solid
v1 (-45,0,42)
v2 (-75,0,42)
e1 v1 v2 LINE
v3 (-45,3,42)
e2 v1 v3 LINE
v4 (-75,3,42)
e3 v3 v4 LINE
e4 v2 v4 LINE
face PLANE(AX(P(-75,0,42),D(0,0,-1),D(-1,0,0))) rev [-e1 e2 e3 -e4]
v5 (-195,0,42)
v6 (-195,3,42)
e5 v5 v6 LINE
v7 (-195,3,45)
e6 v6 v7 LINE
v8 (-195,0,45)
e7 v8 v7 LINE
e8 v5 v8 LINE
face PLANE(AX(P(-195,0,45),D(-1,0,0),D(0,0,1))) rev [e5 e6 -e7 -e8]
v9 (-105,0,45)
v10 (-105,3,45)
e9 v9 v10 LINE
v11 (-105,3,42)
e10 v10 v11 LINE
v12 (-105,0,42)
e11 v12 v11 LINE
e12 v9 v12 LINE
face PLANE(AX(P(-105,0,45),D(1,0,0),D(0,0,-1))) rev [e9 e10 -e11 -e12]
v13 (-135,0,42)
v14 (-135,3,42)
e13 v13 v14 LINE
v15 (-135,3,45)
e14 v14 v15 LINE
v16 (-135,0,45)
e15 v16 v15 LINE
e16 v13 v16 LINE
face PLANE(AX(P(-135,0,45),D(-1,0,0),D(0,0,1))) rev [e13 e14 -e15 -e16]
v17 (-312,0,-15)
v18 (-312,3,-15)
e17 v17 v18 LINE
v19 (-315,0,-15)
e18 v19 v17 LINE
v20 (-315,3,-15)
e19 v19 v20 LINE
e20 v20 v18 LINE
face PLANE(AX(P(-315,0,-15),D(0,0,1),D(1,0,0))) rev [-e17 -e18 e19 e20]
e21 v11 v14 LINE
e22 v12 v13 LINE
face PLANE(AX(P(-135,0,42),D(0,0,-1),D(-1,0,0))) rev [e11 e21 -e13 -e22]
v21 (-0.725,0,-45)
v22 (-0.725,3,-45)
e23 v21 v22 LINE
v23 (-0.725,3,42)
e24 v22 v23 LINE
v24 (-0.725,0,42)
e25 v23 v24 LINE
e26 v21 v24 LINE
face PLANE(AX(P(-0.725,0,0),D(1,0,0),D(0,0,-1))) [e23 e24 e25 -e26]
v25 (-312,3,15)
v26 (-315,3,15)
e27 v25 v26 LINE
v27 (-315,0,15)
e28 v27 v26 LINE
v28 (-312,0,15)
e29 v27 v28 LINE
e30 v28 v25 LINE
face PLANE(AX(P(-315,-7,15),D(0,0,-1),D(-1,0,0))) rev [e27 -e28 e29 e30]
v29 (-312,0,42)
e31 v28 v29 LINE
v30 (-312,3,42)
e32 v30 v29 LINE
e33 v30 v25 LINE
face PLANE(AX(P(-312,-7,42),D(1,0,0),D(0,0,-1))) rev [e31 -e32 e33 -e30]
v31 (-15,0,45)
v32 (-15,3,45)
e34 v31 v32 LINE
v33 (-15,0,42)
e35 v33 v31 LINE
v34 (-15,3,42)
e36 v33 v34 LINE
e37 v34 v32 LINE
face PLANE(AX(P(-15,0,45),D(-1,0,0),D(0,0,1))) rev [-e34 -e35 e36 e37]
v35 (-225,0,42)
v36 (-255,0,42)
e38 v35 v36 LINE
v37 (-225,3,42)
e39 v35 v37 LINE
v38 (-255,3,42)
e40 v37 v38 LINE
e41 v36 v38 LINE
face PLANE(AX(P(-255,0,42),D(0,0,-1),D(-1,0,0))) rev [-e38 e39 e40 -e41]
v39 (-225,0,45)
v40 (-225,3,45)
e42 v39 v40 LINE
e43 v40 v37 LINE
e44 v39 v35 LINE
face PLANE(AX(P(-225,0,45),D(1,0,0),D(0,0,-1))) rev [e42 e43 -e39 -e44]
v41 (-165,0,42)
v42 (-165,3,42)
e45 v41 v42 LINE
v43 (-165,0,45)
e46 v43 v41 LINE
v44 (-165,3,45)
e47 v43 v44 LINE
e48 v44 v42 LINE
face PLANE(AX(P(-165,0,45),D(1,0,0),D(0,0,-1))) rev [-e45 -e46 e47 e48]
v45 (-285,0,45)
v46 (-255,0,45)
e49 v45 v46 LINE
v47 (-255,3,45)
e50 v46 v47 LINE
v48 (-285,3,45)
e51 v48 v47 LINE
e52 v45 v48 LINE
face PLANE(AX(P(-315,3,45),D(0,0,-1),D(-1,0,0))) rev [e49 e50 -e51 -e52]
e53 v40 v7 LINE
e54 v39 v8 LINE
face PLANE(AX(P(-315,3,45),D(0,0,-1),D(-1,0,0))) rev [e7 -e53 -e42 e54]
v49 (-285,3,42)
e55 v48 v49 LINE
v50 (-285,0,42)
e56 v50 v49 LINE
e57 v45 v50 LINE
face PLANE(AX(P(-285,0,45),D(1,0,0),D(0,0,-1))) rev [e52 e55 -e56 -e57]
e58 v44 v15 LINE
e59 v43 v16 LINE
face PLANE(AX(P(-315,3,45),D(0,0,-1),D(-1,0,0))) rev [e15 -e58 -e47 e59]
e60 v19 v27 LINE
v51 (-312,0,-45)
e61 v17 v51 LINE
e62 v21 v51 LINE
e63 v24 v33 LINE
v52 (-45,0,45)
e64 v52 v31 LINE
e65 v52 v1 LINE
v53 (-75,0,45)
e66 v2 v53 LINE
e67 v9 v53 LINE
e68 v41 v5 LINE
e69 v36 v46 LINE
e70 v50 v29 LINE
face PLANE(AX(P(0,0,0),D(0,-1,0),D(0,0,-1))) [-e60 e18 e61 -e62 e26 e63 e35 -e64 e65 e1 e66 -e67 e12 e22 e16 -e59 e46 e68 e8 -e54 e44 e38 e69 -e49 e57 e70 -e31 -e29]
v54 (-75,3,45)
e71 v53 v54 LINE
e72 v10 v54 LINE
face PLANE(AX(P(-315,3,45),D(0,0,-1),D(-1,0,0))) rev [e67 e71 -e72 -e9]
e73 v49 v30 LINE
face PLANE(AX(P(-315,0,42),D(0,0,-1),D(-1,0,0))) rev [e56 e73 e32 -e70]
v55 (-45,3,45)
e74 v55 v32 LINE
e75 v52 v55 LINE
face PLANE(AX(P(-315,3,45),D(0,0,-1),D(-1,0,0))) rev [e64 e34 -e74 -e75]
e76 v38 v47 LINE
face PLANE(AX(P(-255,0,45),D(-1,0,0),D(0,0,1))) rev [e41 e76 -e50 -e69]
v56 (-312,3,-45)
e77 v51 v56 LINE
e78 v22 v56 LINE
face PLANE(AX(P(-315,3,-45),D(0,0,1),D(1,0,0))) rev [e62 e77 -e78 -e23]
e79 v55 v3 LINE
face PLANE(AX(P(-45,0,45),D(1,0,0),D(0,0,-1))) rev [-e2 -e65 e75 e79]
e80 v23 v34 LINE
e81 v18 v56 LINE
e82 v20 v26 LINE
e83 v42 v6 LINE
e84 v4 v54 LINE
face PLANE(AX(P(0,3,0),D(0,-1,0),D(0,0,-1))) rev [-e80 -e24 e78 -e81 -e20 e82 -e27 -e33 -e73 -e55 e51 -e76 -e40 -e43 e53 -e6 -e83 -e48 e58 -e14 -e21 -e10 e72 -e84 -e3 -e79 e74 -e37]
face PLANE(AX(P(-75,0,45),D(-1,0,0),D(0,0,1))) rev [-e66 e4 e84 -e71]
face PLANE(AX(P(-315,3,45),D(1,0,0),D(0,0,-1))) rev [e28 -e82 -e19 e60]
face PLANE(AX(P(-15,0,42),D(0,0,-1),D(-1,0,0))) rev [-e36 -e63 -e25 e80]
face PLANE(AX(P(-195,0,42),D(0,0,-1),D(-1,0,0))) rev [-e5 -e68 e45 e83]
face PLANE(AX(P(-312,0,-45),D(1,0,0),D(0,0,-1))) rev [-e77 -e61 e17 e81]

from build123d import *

# Parameters (mm, degrees)
SKETCH1_W           = 630
SKETCH1_H           = 90
BOSS_EXTRUDE1_DEPTH = 3
SKETCH3_W           = 30
SKETCH3_H           = 3
CUT_EXTRUDE1_DEPTH  = 3
LPATTERN1_COUNT     = 10
LPATTERN1_PITCH     = 60
LPATTERN1_COL_COUNT = 2
LPATTERN1_COL_PITCH = 60
SKETCH7_W           = 3
SKETCH7_H           = 30
CUT_EXTRUDE3_DEPTH  = 3
SKETCH13_W          = 3
SKETCH13_H          = 27
CUT_EXTRUDE4_DEPTH  = 10


with BuildPart() as part:
    # Sketch1 → Boss-Extrude1 (new body)
    with BuildSketch(Plane(origin=(0, 0, 0), x_dir=(1, 0, 0), z_dir=(0, 1, 0))):
        Rectangle(SKETCH1_W, SKETCH1_H)
    extrude(amount=BOSS_EXTRUDE1_DEPTH)

    # Sketch3 → Cut-Extrude1 (cut)
    with BuildSketch(Plane(origin=(0, 3, 0), x_dir=(1, 0, 0), z_dir=(0, 1, 0))):
        with Locations((-240, -43.5)):
            Rectangle(SKETCH3_W, SKETCH3_H)
    cut_extrude1 = extrude(amount=-CUT_EXTRUDE1_DEPTH, mode=Mode.SUBTRACT)

    # LPattern1: Cut-Extrude1 ×10
    with Locations(*[(i * LPATTERN1_PITCH, 0, 0) for i in range(1, LPATTERN1_COUNT)]):
        add(cut_extrude1, mode=Mode.SUBTRACT)

    # LPattern1 col: Cut-Extrude1 ×2
    with Locations(*[(-i * LPATTERN1_COL_PITCH, 0, 0) for i in range(1, LPATTERN1_COL_COUNT)]):
        add(cut_extrude1, mode=Mode.SUBTRACT)

    # Sketch7 → Cut-Extrude3 (cut)
    with BuildSketch(Plane(origin=(0, 3, 0), x_dir=(1, 0, 0), z_dir=(0, 1, 0))):
        with Locations((-313.5, 30)):
            Rectangle(SKETCH7_W, SKETCH7_H)
    extrude(amount=-CUT_EXTRUDE3_DEPTH, mode=Mode.SUBTRACT)

    # Sketch13 → Cut-Extrude4 (cut)
    with BuildSketch(Plane(origin=(0, 3, 0), x_dir=(1, 0, 0), z_dir=(0, 1, 0))):
        with Locations((-313.5, -28.5)):
            Rectangle(SKETCH13_W, SKETCH13_H)
    extrude(amount=-CUT_EXTRUDE4_DEPTH, mode=Mode.SUBTRACT)

    # SurfaceCut1
    split(bisect_by=Plane(origin=(-0.725, 0, 0), x_dir=(0, 0, -1), z_dir=(1, 0, 0)), keep=Keep.BOTTOM)


solid = part.part
